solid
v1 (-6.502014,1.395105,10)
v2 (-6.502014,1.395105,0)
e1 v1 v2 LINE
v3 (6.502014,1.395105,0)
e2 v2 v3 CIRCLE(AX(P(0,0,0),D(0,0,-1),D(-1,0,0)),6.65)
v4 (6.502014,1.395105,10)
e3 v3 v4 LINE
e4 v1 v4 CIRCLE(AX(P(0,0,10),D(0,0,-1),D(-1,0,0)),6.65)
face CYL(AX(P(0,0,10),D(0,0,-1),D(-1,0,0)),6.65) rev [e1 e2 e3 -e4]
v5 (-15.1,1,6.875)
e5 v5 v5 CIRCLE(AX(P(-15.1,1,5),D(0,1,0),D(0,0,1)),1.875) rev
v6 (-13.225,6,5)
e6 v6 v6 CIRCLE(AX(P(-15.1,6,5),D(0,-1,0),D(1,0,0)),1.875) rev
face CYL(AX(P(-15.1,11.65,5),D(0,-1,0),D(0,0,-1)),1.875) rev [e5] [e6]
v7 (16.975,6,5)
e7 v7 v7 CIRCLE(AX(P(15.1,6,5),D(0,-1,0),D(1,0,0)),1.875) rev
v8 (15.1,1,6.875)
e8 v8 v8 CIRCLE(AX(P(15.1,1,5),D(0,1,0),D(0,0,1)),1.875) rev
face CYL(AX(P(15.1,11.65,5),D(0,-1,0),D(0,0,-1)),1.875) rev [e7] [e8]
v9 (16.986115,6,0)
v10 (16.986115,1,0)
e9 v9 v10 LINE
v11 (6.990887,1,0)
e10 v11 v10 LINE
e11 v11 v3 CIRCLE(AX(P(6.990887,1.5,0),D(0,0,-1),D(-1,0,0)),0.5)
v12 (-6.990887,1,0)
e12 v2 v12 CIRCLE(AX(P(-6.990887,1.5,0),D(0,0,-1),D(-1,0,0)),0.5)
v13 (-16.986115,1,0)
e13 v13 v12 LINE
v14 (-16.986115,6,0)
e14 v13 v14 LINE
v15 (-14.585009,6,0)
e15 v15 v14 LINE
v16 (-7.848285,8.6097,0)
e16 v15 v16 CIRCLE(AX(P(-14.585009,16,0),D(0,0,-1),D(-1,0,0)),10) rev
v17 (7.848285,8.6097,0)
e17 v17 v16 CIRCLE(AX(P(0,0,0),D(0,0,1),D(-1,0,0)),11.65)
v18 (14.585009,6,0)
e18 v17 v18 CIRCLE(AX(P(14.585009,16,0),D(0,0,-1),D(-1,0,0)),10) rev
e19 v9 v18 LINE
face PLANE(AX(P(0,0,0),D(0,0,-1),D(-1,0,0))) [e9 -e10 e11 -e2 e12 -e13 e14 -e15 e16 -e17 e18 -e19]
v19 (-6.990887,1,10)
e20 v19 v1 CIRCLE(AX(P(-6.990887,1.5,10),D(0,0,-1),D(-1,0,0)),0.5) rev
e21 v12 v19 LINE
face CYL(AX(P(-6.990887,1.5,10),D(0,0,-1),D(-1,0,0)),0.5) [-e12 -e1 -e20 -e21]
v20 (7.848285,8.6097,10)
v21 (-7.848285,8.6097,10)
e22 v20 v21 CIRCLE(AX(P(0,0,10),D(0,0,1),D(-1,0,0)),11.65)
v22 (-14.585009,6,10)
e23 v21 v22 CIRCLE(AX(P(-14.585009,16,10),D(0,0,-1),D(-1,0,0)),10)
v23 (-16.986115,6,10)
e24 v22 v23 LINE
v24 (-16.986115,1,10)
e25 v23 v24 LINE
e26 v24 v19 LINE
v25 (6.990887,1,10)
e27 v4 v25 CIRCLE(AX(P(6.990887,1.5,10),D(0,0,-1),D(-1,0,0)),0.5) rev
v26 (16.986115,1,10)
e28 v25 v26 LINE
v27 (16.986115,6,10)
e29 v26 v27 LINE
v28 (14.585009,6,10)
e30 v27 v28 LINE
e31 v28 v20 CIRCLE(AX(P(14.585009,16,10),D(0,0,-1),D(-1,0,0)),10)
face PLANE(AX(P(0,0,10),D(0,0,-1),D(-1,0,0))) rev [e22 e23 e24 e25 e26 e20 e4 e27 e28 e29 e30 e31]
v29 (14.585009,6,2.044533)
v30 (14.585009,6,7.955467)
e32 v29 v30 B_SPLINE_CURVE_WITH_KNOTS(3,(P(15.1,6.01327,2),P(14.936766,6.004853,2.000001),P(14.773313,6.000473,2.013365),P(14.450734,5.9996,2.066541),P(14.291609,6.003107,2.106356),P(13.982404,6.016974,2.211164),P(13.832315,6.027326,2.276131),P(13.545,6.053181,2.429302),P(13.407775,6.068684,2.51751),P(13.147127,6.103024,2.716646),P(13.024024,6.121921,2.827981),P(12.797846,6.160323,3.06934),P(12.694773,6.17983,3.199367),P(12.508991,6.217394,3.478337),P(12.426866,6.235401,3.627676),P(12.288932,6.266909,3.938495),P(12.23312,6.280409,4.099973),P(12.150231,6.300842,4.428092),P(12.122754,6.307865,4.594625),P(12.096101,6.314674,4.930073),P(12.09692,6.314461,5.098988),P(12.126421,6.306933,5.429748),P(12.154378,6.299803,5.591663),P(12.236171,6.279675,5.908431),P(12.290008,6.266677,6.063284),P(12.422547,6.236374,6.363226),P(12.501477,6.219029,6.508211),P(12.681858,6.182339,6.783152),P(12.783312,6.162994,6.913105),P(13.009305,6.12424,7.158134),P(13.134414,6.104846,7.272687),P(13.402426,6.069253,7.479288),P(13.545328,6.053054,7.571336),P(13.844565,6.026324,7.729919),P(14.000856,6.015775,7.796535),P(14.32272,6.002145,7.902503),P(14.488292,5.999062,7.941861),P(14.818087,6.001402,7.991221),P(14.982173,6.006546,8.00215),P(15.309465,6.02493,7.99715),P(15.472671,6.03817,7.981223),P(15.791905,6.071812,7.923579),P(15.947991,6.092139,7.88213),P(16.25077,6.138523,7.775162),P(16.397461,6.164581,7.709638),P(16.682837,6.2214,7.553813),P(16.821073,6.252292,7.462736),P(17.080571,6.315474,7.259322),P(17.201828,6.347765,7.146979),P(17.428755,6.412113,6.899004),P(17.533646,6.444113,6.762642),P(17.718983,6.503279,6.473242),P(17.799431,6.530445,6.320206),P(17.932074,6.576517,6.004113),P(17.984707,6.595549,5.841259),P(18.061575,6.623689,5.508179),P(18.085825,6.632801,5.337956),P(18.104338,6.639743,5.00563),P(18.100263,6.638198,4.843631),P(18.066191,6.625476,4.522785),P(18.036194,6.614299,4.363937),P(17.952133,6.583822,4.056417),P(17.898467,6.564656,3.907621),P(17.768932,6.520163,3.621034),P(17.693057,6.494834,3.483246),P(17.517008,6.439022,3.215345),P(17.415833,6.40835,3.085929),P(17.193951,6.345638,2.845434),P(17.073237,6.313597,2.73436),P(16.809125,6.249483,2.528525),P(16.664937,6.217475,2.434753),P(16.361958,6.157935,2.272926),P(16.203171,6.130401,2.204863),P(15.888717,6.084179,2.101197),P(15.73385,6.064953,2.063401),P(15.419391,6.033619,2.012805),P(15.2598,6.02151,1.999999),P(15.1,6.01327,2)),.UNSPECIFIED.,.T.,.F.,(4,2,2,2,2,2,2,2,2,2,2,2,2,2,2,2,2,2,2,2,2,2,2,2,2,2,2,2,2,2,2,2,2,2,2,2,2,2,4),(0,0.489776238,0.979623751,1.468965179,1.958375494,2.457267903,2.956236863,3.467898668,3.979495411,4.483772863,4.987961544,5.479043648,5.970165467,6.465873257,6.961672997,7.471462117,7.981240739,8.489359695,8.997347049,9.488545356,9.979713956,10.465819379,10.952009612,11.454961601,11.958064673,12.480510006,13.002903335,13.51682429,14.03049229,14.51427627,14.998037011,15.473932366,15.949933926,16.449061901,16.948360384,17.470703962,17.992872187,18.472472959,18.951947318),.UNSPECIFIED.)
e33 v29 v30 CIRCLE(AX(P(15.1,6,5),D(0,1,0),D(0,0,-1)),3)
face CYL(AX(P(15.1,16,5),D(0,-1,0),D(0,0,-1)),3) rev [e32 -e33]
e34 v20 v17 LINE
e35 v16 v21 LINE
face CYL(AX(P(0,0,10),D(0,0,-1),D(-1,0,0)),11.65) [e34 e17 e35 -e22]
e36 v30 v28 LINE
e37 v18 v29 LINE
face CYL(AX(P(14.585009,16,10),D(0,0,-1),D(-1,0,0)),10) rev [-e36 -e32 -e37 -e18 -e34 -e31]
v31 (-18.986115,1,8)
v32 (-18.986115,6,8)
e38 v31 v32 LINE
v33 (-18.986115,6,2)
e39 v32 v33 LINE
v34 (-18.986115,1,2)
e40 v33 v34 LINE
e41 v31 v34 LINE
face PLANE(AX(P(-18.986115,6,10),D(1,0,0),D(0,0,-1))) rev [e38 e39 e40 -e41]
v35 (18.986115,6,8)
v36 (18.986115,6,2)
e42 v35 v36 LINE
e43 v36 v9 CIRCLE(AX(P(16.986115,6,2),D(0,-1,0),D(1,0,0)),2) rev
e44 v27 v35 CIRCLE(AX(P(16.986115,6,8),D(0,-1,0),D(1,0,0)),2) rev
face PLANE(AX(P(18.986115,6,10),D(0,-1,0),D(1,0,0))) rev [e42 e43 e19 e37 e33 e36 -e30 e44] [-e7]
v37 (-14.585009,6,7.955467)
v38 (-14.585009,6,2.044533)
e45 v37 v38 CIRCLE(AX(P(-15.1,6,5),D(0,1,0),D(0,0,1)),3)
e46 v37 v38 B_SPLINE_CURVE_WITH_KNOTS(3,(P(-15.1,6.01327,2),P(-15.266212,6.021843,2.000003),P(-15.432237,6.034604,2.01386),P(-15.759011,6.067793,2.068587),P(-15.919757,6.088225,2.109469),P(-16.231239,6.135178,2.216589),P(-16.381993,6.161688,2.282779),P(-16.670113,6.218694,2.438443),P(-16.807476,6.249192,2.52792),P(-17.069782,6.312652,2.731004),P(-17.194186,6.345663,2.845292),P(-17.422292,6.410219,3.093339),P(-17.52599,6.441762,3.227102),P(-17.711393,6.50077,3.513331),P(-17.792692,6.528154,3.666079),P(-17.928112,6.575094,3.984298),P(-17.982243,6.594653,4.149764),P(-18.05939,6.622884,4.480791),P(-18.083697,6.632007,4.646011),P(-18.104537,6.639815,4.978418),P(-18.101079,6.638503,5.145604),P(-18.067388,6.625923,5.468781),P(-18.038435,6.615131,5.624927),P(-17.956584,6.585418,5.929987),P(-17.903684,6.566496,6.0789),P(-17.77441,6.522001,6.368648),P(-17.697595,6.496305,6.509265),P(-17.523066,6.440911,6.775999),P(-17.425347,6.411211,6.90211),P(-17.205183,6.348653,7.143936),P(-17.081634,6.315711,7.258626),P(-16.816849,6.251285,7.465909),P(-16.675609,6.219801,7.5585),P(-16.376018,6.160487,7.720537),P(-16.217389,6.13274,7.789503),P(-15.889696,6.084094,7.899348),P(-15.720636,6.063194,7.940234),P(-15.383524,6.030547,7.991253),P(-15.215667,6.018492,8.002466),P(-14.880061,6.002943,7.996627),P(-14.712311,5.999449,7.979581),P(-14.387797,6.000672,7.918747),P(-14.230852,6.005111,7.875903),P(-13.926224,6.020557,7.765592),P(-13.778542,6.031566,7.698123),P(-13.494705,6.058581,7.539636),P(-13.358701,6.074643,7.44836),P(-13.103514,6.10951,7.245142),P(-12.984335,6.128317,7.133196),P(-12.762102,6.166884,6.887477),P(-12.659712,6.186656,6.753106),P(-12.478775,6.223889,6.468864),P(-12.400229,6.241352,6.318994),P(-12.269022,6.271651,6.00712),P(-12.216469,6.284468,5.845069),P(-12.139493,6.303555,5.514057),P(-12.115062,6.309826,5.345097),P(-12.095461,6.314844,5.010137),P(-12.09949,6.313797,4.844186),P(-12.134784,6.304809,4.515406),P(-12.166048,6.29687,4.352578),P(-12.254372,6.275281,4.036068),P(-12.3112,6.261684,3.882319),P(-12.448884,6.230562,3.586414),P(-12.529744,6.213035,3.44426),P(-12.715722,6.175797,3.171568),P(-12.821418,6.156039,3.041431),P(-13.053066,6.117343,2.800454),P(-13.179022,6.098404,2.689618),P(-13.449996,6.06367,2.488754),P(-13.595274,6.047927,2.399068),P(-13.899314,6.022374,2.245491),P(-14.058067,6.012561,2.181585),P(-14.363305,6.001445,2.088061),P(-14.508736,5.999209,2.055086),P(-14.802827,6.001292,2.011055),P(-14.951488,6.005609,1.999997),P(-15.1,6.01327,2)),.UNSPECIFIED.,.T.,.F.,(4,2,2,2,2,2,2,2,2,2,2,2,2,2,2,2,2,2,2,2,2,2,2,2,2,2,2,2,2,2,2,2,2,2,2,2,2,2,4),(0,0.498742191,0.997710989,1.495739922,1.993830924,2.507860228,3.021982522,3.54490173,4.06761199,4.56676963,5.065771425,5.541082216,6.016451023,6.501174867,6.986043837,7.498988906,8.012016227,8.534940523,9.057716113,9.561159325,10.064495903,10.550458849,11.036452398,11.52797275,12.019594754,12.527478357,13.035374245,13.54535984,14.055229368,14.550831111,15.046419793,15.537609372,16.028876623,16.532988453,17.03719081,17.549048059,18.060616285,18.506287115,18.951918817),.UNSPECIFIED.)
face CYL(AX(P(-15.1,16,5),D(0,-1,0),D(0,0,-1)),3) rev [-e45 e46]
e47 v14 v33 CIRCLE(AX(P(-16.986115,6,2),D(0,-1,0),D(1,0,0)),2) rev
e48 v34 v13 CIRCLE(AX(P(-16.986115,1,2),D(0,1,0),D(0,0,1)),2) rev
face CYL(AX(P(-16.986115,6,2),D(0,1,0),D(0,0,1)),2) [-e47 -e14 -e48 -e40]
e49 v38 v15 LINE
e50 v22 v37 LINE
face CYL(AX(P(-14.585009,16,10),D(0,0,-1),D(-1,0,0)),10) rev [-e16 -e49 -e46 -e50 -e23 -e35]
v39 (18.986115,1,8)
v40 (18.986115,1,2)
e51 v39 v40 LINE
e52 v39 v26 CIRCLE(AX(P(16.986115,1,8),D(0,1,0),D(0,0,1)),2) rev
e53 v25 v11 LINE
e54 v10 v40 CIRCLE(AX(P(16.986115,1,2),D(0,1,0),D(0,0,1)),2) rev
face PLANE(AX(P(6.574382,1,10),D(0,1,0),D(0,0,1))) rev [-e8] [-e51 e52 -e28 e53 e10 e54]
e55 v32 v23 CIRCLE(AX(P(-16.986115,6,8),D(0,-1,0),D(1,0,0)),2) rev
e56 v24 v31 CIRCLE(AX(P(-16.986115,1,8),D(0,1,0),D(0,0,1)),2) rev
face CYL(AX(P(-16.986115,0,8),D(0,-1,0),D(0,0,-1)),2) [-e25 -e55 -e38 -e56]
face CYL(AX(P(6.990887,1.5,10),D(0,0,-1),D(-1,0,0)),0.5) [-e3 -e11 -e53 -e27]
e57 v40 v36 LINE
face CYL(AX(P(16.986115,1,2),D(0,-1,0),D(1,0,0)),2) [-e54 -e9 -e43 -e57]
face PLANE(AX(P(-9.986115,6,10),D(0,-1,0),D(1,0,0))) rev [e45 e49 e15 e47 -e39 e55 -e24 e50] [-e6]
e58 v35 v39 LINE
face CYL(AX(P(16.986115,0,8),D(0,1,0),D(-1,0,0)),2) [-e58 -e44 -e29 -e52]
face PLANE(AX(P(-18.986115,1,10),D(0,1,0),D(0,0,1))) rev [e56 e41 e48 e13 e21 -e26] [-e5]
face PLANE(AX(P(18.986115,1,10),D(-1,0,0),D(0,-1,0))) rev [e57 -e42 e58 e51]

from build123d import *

# Parameters (mm, degrees)
BOSS_EXTRUDE1_DEPTH = 10
FILLET1_R           = 2
FILLET3_R           = 0.5
FILLET4_R           = 10
SKETCH2_R           = 1.875
CUT_EXTRUDE1_DEPTH  = 25.417106227
CUT_EXTRUDE2_START  = 6
SKETCH3_R           = 3
CUT_EXTRUDE2_DEPTH  = 10


with BuildPart() as part:
    # Sketch1 → Boss-Extrude1 (new body)
    with BuildSketch(Plane.XY):
        with BuildLine():
            Line((-18.986115361, 1), (-6.5743821, 1))
            ThreePointArc((-6.5743821, 1), (0, 6.65), (6.5743821, 1))
            Line((6.5743821, 1), (18.986115361, 1))
            Line((18.986115361, 1), (18.986115361, 6))
            Line((18.986115361, 6), (9.986115361, 6))
            ThreePointArc((9.986115361, 6), (0, 11.65), (-9.986115361, 6))
            Line((-9.986115361, 6), (-18.986115361, 6))
            Line((-18.986115361, 6), (-18.986115361, 1))
        make_face()
    extrude(amount=BOSS_EXTRUDE1_DEPTH)

    # Fillet1
    fillet1_edges = [part.edges().sort_by_distance(p)[0] for p in [
        (-18.986115361, 3.5, 0),
        (18.986115361, 3.5, 10),
        (-18.986115361, 3.5, 10),
        (18.986115361, 3.5, 0),
    ]]
    fillet(fillet1_edges, radius=FILLET1_R)

    # Fillet3
    fillet3_edges = [part.edges().sort_by_distance(p)[0] for p in [
        (6.5743821, 1, 5),
        (-6.5743821, 1, 5),
    ]]
    fillet(fillet3_edges, radius=FILLET3_R)

    # Fillet4
    fillet4_edges = [part.edges().sort_by_distance(p)[0] for p in [
        (-9.986115361, 6, 5),
        (9.986115361, 6, 5),
    ]]
    fillet(fillet4_edges, radius=FILLET4_R)

    # Sketch2 → Cut-Extrude1 (cut, through all)
    with BuildSketch(Plane(origin=(0, 0, 0), x_dir=(1, 0, 0), z_dir=(0, 1, 0))):
        with Locations(Location((-15.1, -5, 0), (0, 0, 74.058148942))):
            Circle(SKETCH2_R)
        with Locations(Location((15.1, -5, 0), (0, 0, 105.941851061))):
            Circle(SKETCH2_R)
    extrude(amount=CUT_EXTRUDE1_DEPTH, mode=Mode.SUBTRACT)

    # Sketch3 → Cut-Extrude2 (cut)
    with BuildSketch(Plane(origin=(0, 0, 0), x_dir=(1, 0, 0), z_dir=(0, 1, 0)).offset(CUT_EXTRUDE2_START)):
        with Locations((-15.1, -5)):
            Circle(SKETCH3_R)
        with Locations((15.1, -5)):
            Circle(SKETCH3_R)
    extrude(amount=CUT_EXTRUDE2_DEPTH, mode=Mode.SUBTRACT)


solid = part.part
